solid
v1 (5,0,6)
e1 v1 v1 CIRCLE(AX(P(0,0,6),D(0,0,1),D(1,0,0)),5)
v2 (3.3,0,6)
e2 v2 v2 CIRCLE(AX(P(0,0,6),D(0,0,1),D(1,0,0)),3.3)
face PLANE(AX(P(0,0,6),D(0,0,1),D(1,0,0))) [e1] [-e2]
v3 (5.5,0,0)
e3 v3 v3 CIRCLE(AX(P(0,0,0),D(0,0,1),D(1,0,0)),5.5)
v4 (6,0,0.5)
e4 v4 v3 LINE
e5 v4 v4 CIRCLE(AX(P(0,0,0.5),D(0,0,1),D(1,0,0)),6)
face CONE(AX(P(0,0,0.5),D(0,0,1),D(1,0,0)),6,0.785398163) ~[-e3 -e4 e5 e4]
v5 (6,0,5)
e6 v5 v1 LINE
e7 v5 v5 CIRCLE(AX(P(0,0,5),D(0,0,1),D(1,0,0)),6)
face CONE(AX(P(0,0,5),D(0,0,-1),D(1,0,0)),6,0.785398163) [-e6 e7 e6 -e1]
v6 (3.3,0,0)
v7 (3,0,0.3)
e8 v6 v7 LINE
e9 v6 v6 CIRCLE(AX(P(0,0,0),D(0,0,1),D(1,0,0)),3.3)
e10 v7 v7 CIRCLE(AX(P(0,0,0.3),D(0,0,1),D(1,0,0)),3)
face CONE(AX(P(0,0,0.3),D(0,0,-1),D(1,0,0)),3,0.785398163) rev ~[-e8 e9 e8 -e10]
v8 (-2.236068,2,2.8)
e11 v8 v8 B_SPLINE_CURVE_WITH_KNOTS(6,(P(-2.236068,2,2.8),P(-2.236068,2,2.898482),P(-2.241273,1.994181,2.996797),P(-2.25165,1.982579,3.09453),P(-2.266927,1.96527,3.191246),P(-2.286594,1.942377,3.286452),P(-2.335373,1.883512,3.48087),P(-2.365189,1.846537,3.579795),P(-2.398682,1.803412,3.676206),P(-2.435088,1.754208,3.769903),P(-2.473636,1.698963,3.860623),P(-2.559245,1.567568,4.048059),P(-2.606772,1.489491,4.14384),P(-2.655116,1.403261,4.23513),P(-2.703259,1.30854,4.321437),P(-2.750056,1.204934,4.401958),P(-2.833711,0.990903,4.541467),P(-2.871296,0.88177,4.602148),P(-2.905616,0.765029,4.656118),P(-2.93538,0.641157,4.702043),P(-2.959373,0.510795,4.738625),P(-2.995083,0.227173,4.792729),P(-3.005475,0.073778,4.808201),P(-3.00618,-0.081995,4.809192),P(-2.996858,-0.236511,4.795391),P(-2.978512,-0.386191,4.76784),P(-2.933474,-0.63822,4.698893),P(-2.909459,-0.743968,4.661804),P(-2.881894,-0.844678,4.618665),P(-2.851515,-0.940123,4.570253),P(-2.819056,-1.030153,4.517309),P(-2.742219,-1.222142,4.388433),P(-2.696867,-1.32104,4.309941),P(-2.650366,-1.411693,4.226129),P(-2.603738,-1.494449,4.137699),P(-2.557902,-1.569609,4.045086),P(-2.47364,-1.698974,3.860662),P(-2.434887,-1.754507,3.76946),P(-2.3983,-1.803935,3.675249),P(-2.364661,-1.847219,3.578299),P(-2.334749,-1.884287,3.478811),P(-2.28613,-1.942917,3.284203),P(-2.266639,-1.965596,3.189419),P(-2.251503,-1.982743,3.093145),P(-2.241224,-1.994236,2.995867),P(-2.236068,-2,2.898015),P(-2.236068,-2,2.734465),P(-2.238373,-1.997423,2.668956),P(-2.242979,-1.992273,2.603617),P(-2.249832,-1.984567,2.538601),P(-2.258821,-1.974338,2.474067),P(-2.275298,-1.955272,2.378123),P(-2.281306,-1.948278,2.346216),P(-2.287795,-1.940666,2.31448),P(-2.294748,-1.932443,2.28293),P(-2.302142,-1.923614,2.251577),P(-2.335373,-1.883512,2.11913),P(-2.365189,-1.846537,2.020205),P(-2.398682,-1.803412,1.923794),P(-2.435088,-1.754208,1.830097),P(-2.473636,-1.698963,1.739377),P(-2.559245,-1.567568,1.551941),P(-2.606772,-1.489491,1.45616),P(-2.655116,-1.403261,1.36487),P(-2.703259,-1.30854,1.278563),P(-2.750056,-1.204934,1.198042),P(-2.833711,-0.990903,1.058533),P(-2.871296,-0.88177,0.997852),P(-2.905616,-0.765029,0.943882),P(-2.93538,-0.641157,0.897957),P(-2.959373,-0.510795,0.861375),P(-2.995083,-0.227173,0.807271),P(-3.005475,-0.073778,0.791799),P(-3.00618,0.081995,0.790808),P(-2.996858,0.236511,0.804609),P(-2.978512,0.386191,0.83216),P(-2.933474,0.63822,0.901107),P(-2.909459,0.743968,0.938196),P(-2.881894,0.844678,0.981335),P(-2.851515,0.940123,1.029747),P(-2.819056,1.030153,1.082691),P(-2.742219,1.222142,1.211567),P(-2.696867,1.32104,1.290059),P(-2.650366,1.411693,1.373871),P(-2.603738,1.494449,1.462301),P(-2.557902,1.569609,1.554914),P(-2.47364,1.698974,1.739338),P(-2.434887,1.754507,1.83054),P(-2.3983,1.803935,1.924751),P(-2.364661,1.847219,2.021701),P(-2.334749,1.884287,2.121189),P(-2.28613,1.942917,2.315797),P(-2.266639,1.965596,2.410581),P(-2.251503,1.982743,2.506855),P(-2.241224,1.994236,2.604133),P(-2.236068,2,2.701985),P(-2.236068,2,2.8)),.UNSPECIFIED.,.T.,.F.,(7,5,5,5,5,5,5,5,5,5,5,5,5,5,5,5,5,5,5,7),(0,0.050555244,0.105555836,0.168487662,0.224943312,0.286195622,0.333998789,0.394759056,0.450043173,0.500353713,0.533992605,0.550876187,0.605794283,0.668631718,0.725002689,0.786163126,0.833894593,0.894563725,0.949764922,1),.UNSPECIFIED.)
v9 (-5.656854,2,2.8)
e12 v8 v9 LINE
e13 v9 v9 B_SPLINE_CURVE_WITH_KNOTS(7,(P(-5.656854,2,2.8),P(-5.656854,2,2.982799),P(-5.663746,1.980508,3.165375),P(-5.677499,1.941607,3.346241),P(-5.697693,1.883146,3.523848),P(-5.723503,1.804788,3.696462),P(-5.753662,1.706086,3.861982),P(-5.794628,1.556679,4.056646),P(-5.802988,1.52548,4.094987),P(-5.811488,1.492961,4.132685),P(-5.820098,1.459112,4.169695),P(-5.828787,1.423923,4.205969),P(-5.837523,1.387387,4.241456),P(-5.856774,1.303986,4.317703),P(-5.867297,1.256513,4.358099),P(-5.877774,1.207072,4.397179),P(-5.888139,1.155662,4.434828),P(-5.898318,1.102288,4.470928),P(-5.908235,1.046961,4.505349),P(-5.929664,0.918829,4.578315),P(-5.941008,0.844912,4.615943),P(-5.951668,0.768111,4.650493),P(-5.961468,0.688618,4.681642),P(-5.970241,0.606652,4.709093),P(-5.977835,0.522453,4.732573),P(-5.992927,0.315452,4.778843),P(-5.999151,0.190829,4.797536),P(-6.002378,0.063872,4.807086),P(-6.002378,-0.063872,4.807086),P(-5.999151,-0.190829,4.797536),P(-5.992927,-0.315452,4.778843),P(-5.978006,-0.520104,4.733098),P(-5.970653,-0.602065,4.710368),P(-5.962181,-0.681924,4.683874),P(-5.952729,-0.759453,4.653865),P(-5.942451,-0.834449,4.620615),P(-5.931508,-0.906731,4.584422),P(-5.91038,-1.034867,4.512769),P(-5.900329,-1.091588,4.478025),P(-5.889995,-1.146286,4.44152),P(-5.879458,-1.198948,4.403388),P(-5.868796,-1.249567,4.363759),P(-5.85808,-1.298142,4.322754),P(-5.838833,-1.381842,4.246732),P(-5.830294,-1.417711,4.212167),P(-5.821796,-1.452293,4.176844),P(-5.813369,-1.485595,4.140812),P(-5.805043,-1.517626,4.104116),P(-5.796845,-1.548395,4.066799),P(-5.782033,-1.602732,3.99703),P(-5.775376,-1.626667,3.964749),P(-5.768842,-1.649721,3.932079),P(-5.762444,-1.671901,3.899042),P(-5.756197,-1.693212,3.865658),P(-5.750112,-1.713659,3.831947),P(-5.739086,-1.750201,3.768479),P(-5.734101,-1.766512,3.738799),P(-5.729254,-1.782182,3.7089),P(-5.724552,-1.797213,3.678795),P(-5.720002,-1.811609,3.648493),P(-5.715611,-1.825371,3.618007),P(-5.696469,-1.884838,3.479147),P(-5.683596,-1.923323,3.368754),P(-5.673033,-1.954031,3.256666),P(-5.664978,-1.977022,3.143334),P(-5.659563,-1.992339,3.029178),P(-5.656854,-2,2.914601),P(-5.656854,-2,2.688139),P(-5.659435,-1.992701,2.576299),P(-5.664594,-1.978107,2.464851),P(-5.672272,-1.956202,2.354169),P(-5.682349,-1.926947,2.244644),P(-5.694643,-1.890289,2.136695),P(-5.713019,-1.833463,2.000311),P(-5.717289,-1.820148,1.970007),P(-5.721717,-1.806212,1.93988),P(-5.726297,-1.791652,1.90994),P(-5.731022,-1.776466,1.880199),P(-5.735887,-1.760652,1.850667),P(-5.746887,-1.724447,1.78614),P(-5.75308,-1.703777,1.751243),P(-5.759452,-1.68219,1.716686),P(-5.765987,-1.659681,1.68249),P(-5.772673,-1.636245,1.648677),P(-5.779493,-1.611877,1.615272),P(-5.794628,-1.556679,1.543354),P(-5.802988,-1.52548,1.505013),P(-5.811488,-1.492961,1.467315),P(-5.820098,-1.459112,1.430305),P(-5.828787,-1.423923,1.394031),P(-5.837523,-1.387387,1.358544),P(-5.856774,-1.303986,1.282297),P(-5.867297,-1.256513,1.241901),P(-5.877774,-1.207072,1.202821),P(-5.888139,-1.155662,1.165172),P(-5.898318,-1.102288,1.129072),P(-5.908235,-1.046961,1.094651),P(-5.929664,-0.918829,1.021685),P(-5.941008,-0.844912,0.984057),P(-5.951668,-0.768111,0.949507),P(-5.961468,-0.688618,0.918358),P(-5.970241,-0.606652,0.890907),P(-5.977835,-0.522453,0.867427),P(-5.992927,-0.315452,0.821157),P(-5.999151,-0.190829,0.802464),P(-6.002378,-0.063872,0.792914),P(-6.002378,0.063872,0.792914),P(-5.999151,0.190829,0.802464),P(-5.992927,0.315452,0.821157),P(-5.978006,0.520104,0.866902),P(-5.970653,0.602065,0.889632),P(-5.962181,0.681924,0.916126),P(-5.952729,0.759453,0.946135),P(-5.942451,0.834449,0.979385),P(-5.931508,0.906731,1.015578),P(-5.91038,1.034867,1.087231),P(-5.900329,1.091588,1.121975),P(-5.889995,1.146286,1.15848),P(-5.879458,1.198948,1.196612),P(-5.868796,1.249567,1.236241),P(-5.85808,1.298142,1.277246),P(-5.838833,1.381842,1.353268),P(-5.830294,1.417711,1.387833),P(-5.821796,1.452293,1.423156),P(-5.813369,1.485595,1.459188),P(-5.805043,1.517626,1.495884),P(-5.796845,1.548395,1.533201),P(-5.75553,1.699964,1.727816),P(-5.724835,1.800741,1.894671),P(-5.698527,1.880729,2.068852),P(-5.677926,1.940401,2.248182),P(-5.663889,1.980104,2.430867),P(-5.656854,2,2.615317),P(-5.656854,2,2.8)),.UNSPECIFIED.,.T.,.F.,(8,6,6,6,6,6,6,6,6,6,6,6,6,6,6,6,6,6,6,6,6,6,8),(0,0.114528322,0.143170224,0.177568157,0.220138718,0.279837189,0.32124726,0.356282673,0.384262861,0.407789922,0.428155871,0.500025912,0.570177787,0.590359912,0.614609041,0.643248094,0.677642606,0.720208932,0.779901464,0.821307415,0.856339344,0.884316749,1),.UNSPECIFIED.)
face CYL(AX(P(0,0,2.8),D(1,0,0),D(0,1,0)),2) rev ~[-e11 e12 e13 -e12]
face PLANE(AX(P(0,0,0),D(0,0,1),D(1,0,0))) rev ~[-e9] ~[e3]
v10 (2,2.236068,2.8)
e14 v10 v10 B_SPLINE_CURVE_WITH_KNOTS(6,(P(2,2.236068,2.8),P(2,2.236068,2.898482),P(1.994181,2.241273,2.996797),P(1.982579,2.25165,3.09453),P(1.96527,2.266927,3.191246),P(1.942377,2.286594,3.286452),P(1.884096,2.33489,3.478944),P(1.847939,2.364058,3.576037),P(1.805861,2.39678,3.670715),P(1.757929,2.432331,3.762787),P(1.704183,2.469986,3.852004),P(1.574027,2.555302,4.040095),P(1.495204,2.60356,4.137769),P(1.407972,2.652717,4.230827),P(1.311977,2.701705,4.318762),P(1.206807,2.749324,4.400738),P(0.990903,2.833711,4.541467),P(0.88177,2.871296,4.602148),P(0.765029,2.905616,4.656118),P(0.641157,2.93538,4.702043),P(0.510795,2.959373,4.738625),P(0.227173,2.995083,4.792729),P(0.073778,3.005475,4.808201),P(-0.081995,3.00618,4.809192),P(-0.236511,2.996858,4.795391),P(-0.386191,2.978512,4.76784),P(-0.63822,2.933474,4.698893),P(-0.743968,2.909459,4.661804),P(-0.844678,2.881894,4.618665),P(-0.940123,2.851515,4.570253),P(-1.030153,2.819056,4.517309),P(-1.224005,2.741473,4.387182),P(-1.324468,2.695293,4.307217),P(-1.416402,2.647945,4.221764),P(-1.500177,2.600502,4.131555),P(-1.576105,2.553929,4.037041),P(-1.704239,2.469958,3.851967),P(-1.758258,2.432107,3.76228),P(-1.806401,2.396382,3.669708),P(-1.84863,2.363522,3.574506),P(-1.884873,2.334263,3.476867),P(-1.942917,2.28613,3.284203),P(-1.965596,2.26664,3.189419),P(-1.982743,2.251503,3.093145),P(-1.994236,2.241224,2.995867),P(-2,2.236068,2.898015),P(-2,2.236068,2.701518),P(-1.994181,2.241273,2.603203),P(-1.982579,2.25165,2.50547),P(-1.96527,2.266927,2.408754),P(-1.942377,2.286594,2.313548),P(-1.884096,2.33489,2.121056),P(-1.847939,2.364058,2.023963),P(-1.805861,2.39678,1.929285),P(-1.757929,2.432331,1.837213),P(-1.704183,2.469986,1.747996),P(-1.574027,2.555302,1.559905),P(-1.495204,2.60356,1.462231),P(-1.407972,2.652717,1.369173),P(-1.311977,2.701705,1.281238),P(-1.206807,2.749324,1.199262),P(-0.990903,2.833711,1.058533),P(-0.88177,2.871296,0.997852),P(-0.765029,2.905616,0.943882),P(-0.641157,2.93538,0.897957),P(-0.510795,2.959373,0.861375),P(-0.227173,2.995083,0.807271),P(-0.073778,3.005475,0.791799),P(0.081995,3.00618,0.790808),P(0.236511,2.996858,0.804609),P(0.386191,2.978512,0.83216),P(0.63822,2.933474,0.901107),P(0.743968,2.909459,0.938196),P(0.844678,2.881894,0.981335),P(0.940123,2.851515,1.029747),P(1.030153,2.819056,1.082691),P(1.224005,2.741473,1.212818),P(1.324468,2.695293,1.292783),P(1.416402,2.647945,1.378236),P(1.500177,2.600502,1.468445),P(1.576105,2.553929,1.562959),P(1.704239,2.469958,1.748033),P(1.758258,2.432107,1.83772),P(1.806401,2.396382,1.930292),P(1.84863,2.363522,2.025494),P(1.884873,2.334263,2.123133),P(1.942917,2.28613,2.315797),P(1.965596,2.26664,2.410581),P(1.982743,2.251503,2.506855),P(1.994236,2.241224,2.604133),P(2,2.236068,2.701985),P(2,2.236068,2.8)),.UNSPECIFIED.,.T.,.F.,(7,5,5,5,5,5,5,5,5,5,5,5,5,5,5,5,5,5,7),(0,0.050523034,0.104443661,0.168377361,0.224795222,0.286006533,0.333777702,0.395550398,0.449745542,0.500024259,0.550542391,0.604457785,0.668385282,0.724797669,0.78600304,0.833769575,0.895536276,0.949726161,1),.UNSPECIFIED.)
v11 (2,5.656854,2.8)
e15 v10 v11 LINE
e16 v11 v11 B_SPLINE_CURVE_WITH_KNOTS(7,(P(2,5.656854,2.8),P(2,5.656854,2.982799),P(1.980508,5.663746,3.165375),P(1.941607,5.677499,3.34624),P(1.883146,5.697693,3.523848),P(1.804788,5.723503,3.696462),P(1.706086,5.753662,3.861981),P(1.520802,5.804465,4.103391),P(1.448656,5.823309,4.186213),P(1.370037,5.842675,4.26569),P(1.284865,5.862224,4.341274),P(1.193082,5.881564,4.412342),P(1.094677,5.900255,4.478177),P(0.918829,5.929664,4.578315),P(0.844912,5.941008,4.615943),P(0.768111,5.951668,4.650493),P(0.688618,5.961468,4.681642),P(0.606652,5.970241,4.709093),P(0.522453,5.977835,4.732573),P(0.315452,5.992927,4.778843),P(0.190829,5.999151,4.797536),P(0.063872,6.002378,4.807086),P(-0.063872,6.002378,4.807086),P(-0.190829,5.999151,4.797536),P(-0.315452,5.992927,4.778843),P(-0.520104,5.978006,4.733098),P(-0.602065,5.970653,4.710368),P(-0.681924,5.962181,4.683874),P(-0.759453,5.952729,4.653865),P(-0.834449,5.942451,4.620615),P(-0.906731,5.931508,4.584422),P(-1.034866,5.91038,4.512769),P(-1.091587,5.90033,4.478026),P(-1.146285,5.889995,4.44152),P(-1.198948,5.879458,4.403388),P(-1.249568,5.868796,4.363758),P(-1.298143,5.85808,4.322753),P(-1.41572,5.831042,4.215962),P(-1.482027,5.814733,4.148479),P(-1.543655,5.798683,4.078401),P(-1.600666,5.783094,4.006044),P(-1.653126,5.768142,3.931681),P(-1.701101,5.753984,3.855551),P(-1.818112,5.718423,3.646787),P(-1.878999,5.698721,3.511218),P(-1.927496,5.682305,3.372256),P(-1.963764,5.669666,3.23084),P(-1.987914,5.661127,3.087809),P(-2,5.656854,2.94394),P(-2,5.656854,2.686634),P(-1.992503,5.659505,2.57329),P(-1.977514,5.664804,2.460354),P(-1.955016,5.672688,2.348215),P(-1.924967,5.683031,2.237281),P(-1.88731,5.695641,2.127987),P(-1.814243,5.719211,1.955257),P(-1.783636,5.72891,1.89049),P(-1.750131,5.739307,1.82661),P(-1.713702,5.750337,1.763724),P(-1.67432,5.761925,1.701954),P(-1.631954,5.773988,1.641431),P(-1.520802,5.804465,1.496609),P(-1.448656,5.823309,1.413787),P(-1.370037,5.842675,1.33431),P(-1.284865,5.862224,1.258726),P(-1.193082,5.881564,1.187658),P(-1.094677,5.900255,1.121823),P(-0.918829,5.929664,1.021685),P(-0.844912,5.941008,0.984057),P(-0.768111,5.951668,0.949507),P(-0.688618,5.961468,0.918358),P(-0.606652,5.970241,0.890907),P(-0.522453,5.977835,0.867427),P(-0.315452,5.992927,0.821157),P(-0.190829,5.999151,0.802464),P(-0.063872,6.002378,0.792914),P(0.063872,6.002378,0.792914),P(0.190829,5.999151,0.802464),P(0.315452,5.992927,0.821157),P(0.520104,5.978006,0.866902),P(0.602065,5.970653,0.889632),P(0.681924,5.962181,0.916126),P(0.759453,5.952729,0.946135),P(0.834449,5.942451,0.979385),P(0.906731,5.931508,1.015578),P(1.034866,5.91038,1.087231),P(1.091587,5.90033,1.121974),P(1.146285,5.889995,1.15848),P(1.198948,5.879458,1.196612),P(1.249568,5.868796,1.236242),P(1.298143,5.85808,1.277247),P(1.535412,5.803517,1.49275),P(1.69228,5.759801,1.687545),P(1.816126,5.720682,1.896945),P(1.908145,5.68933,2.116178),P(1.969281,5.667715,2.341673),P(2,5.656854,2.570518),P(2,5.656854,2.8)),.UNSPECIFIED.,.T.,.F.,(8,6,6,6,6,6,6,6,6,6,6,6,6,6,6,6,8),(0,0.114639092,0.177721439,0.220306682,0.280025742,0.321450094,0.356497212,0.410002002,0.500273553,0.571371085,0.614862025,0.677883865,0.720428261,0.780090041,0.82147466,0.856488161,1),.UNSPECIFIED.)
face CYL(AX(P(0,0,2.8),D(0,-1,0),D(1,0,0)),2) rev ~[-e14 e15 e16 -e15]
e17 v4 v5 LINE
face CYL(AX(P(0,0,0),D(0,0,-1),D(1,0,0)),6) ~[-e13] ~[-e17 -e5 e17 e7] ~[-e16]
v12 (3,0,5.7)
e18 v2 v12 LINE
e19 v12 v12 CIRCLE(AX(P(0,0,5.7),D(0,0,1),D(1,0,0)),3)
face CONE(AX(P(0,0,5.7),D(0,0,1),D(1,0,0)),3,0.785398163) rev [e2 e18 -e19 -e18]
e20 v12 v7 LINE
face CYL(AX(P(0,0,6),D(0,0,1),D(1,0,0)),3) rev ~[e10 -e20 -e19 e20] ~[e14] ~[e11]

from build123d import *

# Parameters (mm, degrees)
SKETCH_R        = 6
PAD_DEPTH       = 6
SKETCH001_R     = 3
POCKET_DEPTH    = 6.001
CHAMFER_SIZE    = 1
CHAMFER001_SIZE = 0.3
CHAMFER002_SIZE = 0.5
CHAMFER003_SIZE = 0.3
SKETCH002_R     = 2
POCKET001_DEPTH = 6.001
SKETCH003_R     = 2
POCKET002_DEPTH = 6.001


with BuildPart() as part:
    # Sketch → Pad (new body)
    with BuildSketch(Plane.XY):
        Circle(SKETCH_R)
    extrude(amount=PAD_DEPTH)

    # Sketch001 (on Face3 of Pad) → Pocket (cut, through all)
    with BuildSketch(Plane.XY.offset(6)):
        Circle(SKETCH001_R)
    extrude(amount=-POCKET_DEPTH, mode=Mode.SUBTRACT)

    # Chamfer
    chamfer_edges = [part.edges().sort_by_distance(p)[0] for p in [
        (-6, 0, 6),
    ]]
    chamfer(chamfer_edges, length=CHAMFER_SIZE)

    # Chamfer001
    chamfer001_edges = [part.edges().sort_by_distance(p)[0] for p in [
        (-3, 0, 6),
    ]]
    chamfer(chamfer001_edges, length=CHAMFER001_SIZE)

    # Chamfer002
    chamfer002_edges = [part.edges().sort_by_distance(p)[0] for p in [
        (-6, 0, 0),
    ]]
    chamfer(chamfer002_edges, length=CHAMFER002_SIZE)

    # Chamfer003
    chamfer003_edges = [part.edges().sort_by_distance(p)[0] for p in [
        (-3, 0, 0),
    ]]
    chamfer(chamfer003_edges, length=CHAMFER003_SIZE)

    # Sketch002 → Pocket001 (cut, through all)
    with BuildSketch(Plane.YZ):
        with Locations((0, 2.8)):
            Circle(SKETCH002_R)
    extrude(amount=-POCKET001_DEPTH, mode=Mode.SUBTRACT)

    # Sketch003 → Pocket002 (cut, through all)
    with BuildSketch(Plane.XZ):
        with Locations((0, 2.8)):
            Circle(SKETCH003_R)
    extrude(amount=-POCKET002_DEPTH, mode=Mode.SUBTRACT)


solid = part.part
